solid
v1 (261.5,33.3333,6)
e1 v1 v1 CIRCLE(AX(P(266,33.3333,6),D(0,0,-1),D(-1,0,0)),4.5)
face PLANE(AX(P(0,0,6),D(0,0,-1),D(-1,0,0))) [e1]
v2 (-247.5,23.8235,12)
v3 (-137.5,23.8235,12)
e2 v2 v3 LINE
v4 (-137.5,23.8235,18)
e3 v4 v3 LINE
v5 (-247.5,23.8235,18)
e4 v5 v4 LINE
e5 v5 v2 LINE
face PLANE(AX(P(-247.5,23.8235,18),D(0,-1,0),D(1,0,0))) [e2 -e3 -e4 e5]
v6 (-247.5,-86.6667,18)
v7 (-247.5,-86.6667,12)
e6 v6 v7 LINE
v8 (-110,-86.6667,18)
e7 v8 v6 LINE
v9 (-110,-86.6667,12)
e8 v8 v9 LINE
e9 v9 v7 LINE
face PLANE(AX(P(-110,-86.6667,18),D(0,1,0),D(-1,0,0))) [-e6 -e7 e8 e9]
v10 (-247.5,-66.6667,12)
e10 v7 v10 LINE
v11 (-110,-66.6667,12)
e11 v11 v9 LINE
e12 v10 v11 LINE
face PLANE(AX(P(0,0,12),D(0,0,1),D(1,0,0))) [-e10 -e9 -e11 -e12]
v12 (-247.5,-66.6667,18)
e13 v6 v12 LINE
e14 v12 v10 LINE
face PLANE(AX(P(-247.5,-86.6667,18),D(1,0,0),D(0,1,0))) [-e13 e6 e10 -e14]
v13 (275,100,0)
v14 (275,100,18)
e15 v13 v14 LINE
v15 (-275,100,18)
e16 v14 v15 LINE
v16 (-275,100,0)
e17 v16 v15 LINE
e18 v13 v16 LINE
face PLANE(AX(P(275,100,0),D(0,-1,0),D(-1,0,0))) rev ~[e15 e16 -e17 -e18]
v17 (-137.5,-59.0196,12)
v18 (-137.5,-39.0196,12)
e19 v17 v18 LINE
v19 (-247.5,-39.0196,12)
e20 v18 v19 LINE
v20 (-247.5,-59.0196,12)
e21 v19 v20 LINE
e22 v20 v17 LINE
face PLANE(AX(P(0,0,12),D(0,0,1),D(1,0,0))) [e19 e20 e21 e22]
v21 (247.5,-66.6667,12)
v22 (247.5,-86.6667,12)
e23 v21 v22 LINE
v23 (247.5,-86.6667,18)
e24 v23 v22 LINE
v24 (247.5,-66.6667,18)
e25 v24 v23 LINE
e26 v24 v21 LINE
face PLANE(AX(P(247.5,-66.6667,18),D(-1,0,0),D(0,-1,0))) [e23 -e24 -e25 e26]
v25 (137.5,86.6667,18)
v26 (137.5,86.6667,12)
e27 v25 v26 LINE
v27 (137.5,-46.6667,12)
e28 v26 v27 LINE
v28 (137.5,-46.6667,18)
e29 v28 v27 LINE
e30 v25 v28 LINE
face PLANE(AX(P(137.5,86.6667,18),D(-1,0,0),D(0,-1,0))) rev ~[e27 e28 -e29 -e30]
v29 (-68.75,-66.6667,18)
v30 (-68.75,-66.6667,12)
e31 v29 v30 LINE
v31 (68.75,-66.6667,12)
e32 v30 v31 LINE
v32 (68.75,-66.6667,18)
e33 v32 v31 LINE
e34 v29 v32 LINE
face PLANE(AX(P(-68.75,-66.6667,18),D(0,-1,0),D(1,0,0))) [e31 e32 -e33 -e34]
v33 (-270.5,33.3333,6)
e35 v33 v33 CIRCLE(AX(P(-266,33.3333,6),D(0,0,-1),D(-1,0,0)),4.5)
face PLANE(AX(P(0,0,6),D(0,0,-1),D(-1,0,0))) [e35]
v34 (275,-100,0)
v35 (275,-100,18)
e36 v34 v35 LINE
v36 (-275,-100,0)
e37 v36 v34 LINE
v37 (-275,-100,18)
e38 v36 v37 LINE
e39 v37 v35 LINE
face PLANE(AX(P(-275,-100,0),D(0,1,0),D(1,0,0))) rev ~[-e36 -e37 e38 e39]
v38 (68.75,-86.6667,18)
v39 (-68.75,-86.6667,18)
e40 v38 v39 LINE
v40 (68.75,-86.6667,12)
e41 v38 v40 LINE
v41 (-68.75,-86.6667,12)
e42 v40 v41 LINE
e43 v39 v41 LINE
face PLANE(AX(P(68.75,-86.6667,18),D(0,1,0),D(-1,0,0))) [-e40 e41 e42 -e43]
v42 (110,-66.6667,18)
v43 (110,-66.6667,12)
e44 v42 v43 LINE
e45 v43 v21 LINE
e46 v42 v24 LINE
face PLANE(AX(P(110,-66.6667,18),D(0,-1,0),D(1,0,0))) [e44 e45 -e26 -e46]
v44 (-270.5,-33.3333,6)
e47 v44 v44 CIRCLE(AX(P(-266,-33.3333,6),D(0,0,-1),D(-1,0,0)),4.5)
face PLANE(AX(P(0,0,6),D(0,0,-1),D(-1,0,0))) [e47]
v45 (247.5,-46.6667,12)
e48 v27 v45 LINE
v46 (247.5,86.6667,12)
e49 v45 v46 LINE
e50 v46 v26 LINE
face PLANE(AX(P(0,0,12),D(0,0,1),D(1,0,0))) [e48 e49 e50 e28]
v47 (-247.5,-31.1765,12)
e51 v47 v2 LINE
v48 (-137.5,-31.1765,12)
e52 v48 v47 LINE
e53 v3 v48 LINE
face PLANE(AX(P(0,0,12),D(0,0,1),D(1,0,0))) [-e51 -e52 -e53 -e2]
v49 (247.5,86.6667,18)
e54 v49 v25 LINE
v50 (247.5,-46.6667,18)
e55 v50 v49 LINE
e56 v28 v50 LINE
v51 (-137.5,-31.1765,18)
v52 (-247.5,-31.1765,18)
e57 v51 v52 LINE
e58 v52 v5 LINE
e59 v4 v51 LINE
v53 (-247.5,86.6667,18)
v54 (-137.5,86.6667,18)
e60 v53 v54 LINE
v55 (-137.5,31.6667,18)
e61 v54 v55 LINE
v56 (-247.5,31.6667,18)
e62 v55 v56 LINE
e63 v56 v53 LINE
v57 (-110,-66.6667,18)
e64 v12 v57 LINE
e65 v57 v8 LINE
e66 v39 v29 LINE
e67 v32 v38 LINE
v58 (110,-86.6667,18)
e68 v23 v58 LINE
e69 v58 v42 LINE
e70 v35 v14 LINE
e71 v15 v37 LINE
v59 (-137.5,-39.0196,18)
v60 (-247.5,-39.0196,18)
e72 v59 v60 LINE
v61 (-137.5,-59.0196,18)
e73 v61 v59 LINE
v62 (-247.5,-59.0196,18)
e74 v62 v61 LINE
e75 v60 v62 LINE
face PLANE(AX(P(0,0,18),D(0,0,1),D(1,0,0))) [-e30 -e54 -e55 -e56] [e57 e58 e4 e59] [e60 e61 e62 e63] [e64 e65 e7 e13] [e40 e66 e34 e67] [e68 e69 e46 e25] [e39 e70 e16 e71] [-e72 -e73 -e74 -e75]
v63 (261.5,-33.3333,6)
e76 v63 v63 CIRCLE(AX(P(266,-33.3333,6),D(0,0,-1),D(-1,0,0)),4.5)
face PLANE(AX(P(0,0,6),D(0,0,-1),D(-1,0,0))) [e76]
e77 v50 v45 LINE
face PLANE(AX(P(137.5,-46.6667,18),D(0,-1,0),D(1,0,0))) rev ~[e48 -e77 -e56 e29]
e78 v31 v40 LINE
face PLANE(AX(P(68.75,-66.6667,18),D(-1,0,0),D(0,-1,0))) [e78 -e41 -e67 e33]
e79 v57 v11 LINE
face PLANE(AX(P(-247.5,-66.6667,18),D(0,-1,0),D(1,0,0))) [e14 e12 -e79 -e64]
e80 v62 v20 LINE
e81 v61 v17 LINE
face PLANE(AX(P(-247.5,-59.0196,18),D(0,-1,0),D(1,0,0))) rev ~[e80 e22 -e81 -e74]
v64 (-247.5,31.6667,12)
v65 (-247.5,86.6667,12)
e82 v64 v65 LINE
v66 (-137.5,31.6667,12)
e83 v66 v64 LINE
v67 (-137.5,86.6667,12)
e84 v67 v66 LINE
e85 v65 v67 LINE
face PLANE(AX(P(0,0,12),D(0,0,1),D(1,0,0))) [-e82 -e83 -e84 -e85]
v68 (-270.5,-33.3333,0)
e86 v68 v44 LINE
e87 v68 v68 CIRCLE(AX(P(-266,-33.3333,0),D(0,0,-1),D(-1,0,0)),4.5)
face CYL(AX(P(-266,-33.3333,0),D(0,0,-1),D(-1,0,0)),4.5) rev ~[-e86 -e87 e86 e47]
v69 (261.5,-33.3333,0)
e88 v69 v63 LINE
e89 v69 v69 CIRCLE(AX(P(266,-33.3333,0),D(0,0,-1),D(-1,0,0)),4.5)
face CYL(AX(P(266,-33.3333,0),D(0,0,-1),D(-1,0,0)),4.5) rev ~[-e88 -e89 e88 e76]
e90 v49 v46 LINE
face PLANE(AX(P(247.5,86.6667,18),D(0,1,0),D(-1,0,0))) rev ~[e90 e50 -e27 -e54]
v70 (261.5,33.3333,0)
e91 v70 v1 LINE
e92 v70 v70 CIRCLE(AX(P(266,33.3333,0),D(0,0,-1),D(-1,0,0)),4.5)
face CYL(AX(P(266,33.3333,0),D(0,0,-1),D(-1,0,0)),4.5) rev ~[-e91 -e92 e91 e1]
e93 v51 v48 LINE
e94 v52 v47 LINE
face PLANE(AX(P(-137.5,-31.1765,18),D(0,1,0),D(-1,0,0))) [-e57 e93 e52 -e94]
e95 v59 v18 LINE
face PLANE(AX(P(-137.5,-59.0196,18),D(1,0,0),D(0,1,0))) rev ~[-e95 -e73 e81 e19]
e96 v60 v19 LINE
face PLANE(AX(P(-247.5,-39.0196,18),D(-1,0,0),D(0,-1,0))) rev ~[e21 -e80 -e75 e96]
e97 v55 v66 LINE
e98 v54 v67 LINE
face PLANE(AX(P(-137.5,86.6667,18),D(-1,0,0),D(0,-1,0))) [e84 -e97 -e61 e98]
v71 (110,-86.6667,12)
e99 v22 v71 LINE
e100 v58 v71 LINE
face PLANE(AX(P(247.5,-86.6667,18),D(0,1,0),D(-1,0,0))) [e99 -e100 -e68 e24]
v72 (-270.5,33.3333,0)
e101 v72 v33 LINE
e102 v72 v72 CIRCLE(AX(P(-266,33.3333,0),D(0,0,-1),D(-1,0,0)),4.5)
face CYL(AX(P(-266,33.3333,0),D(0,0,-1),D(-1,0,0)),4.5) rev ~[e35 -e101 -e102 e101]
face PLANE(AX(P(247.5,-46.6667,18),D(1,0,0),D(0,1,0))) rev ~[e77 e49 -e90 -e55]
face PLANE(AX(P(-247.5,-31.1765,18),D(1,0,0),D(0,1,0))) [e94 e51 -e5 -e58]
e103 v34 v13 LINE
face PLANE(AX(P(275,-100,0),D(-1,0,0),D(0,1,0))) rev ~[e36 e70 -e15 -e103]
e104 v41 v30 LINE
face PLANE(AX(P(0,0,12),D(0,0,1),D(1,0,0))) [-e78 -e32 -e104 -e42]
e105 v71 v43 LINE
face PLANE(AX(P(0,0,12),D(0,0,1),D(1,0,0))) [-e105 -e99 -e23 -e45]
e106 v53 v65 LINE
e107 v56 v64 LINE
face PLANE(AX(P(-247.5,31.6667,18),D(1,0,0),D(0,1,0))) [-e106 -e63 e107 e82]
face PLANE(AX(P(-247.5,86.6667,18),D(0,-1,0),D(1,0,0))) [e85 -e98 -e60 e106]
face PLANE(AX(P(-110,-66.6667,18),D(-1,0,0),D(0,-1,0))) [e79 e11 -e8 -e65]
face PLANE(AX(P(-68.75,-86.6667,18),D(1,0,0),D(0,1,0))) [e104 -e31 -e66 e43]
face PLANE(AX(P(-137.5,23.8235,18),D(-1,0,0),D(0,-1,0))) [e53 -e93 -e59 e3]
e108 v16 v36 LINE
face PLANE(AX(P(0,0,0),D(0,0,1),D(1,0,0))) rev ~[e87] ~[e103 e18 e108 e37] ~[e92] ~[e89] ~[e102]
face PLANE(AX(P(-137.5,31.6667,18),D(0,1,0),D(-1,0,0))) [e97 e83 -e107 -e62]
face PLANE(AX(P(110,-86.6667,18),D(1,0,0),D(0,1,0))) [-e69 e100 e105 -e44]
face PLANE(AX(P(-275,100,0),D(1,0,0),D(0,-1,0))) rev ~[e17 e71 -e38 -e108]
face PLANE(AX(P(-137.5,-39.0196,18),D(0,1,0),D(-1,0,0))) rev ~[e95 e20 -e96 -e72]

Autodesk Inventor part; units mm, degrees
ref_plane "YZ Plane" through (0, 0, 0) normal (1, 0, 0) x (0, 1, 0)
ref_plane "XZ Plane" through (0, 0, 0) normal (0, 1, 0) x (-1, 0, 0)
ref_plane "XY Plane" through (0, 0, 0) normal (0, 0, 1) x (1, 0, 0)
sketch "Boceto1" plane through (0, 0, 0) normal (0, 0, 1) x (1, 0, 0)
  line L0 (-275, -100) -> (275, -100)
  line L1 (275, -100) -> (275, 100)
  line L2 (275, 100) -> (-275, 100)
  line L3 (-275, 100) -> (-275, -100)
  line L4 (-275, -100) -> (275, 100) construction
  line L5 (275, -100) -> (-275, 100) construction
  point P0 (0, 0)
  dimension "ancho" = 550
  dimension "alto" = 200
extrude "Extrusión1" add sketch "Boceto1" along normal blind 18
sketch "Boceto2" plane through (0, 0, 18) normal (0, 0, 1) x (1, 0, 0)
  line L0 (247.5, -86.6667) -> (110, -86.6667)
  line L1 (110, -86.6667) -> (110, -66.6667)
  line L2 (110, -66.6667) -> (247.5, -66.6667)
  line L3 (247.5, -66.6667) -> (247.5, -86.6667)
  line L4 (275, -100) -> (275, 100) projected
  line L5 (-110, -86.6667) -> (-247.5, -86.6667)
  line L6 (-247.5, -86.6667) -> (-247.5, -66.6667)
  line L7 (-247.5, -66.6667) -> (-110, -66.6667)
  line L8 (-110, -66.6667) -> (-110, -86.6667)
  line L9 (-275, 100) -> (-275, -100) projected
  line L10 (-275, -100) -> (275, -100) projected
  line L11 (68.75, -86.6667) -> (-68.75, -86.6667)
  line L12 (-68.75, -86.6667) -> (-68.75, -66.6667)
  line L13 (-68.75, -66.6667) -> (68.75, -66.6667)
  line L14 (68.75, -66.6667) -> (68.75, -86.6667)
  line L15 (275, 100) -> (-275, 100) projected
  line L16 (247.5, 86.6667) -> (137.5, 86.6667)
  line L17 (137.5, 86.6667) -> (137.5, -46.6667)
  line L18 (137.5, -46.6667) -> (247.5, -46.6667)
  line L19 (247.5, -46.6667) -> (247.5, 86.6667)
  line L20 (-247.5, 86.6667) -> (-137.5, 86.6667)
  line L21 (-137.5, 86.6667) -> (-137.5, 31.6667)
  line L22 (-137.5, 31.6667) -> (-247.5, 31.6667)
  line L23 (-247.5, 31.6667) -> (-247.5, 86.6667)
  line L24 (-247.5, 23.8235) -> (-137.5, 23.8235)
  line L25 (-137.5, 23.8235) -> (-137.5, -31.1765)
  line L26 (-137.5, -31.1765) -> (-247.5, -31.1765)
  line L27 (-247.5, -31.1765) -> (-247.5, 23.8235)
  line L28 (-247.5, -59.0196) -> (-137.5, -59.0196)
  line L29 (-137.5, -59.0196) -> (-137.5, -39.0196)
  line L30 (-137.5, -39.0196) -> (-247.5, -39.0196)
  line L31 (-247.5, -39.0196) -> (-247.5, -59.0196)
  point P0 (0, 0)
  dimension "d4" = 137.5
  dimension "d5" = 20
  dimension "d6" = 27.5
  dimension "d7" = 137.5
  dimension "d8" = 20
  dimension "d9" = 27.5
  dimension "d10" = 13.3333
  dimension "d11" = 13.3333
  dimension "d12" = 137.5
  dimension "d13" = 41.25
  dimension "d14" = 41.25
  dimension "d15" = 20
  dimension "d17" = 110
  dimension "d18" = 133.3333
  dimension "d19" = 27.5
  dimension "d20" = 13.3333
  dimension "d21" = 110
  dimension "d22" = 55
  dimension "d23" = 27.5
  dimension "d24" = 13.3333
  dimension "d25" = 110
  dimension "d26" = 55
  dimension "d27" = 27.5
  dimension "d28" = 7.8431
  dimension "d29" = 110
  dimension "d30" = 20
  dimension "d31" = 7.8431
  dimension "d32" = 7.6471
extrude "Extrusión2" cut sketch "Boceto2" against normal blind 6 contours L0 L1 L2 L3 | L5 L6 L7 L8 | L11 L12 L13 L14 | L19 L18 L17 L16 | L20 L21 L22 L23 | L24 L25 L26 L27 | L31 L30 L29 L28
sketch "Boceto3" plane through (0, 0, 0) normal (0, 0, -1) x (-1, 0, 0)
  circle A0 centre (266, -33.3333) radius 4.5
  circle A1 centre (266, 33.3333) radius 4.5
  circle A2 centre (-266, 33.3333) radius 4.5
  circle A3 centre (-266, -33.3333) radius 4.5
  line L0 (275, 100) -> (275, -100) projected
  line L1 (275, -100) -> (-275, -100) projected
  line L2 (-275, 100) -> (275, 100) projected
  line L3 (-275, -100) -> (-275, 100) projected
  point P0 (0, 0)
  dimension "d35" = 9
  dimension "d36" = 9
  dimension "d37" = 9
  dimension "d38" = 9
  dimension "d39" = 9
  dimension "d40" = 66.6667
  dimension "d41" = 9
  dimension "d42" = 66.6667
  dimension "d43" = 9
  dimension "d44" = 66.6667
  dimension "d45" = 9
  dimension "d46" = 66.6667
extrude "Extrusión3" cut sketch "Boceto3" against normal blind 6 contours A0 | A1 | A2 | A3
equation "\"d4\" = 0.25 * ancho"
equation "\"d5\" = 0.1 * alto"
equation "\"d6\" = 0.05 * ancho"
equation "\"d7\" = d4"
equation "\"d8\" = d5"
equation "\"d9\" = d6"
equation "\"d10\" = 0.0666667 * alto"
equation "\"d11\" = 0.0666667 * alto"
equation "\"d12\" = d4"
equation "\"d13\" = d14"
equation "\"d15\" = d5"
equation "\"d17\" = 0.2 * ancho"
equation "\"d18\" = 0.666667 * alto"
equation "\"d19\" = d6"
equation "\"d20\" = d10"
equation "\"d21\" = 0.2 * ancho"
equation "\"d22\" = 0.1 * ancho"
equation "\"d23\" = d9"
equation "\"d24\" = d11"
equation "\"d25\" = d21"
equation "\"d26\" = d22"
equation "\"d27\" = d23"
equation "\"d28\" = 0.0392157 * alto"
equation "\"d29\" = d21"
equation "\"d30\" = d5"
equation "\"d31\" = d28"
equation "\"d33\" = 0.333333 * grosor"
equation "\"d35\" = 0.5 * grosor"
equation "\"d36\" = d35"
equation "\"d37\" = d35"
equation "\"d38\" = d35"
equation "\"d39\" = 0.5 * grosor"
equation "\"d40\" = 0.333333 * alto"
equation "\"d41\" = d39"
equation "\"d42\" = d40"
equation "\"d43\" = d39"
equation "\"d44\" = d40"
equation "\"d45\" = d39"
equation "\"d46\" = d40"
equation "\"d47\" = 0.333333 * grosor"
equation "\"grosor\" = 18"
properties part number "Base"
